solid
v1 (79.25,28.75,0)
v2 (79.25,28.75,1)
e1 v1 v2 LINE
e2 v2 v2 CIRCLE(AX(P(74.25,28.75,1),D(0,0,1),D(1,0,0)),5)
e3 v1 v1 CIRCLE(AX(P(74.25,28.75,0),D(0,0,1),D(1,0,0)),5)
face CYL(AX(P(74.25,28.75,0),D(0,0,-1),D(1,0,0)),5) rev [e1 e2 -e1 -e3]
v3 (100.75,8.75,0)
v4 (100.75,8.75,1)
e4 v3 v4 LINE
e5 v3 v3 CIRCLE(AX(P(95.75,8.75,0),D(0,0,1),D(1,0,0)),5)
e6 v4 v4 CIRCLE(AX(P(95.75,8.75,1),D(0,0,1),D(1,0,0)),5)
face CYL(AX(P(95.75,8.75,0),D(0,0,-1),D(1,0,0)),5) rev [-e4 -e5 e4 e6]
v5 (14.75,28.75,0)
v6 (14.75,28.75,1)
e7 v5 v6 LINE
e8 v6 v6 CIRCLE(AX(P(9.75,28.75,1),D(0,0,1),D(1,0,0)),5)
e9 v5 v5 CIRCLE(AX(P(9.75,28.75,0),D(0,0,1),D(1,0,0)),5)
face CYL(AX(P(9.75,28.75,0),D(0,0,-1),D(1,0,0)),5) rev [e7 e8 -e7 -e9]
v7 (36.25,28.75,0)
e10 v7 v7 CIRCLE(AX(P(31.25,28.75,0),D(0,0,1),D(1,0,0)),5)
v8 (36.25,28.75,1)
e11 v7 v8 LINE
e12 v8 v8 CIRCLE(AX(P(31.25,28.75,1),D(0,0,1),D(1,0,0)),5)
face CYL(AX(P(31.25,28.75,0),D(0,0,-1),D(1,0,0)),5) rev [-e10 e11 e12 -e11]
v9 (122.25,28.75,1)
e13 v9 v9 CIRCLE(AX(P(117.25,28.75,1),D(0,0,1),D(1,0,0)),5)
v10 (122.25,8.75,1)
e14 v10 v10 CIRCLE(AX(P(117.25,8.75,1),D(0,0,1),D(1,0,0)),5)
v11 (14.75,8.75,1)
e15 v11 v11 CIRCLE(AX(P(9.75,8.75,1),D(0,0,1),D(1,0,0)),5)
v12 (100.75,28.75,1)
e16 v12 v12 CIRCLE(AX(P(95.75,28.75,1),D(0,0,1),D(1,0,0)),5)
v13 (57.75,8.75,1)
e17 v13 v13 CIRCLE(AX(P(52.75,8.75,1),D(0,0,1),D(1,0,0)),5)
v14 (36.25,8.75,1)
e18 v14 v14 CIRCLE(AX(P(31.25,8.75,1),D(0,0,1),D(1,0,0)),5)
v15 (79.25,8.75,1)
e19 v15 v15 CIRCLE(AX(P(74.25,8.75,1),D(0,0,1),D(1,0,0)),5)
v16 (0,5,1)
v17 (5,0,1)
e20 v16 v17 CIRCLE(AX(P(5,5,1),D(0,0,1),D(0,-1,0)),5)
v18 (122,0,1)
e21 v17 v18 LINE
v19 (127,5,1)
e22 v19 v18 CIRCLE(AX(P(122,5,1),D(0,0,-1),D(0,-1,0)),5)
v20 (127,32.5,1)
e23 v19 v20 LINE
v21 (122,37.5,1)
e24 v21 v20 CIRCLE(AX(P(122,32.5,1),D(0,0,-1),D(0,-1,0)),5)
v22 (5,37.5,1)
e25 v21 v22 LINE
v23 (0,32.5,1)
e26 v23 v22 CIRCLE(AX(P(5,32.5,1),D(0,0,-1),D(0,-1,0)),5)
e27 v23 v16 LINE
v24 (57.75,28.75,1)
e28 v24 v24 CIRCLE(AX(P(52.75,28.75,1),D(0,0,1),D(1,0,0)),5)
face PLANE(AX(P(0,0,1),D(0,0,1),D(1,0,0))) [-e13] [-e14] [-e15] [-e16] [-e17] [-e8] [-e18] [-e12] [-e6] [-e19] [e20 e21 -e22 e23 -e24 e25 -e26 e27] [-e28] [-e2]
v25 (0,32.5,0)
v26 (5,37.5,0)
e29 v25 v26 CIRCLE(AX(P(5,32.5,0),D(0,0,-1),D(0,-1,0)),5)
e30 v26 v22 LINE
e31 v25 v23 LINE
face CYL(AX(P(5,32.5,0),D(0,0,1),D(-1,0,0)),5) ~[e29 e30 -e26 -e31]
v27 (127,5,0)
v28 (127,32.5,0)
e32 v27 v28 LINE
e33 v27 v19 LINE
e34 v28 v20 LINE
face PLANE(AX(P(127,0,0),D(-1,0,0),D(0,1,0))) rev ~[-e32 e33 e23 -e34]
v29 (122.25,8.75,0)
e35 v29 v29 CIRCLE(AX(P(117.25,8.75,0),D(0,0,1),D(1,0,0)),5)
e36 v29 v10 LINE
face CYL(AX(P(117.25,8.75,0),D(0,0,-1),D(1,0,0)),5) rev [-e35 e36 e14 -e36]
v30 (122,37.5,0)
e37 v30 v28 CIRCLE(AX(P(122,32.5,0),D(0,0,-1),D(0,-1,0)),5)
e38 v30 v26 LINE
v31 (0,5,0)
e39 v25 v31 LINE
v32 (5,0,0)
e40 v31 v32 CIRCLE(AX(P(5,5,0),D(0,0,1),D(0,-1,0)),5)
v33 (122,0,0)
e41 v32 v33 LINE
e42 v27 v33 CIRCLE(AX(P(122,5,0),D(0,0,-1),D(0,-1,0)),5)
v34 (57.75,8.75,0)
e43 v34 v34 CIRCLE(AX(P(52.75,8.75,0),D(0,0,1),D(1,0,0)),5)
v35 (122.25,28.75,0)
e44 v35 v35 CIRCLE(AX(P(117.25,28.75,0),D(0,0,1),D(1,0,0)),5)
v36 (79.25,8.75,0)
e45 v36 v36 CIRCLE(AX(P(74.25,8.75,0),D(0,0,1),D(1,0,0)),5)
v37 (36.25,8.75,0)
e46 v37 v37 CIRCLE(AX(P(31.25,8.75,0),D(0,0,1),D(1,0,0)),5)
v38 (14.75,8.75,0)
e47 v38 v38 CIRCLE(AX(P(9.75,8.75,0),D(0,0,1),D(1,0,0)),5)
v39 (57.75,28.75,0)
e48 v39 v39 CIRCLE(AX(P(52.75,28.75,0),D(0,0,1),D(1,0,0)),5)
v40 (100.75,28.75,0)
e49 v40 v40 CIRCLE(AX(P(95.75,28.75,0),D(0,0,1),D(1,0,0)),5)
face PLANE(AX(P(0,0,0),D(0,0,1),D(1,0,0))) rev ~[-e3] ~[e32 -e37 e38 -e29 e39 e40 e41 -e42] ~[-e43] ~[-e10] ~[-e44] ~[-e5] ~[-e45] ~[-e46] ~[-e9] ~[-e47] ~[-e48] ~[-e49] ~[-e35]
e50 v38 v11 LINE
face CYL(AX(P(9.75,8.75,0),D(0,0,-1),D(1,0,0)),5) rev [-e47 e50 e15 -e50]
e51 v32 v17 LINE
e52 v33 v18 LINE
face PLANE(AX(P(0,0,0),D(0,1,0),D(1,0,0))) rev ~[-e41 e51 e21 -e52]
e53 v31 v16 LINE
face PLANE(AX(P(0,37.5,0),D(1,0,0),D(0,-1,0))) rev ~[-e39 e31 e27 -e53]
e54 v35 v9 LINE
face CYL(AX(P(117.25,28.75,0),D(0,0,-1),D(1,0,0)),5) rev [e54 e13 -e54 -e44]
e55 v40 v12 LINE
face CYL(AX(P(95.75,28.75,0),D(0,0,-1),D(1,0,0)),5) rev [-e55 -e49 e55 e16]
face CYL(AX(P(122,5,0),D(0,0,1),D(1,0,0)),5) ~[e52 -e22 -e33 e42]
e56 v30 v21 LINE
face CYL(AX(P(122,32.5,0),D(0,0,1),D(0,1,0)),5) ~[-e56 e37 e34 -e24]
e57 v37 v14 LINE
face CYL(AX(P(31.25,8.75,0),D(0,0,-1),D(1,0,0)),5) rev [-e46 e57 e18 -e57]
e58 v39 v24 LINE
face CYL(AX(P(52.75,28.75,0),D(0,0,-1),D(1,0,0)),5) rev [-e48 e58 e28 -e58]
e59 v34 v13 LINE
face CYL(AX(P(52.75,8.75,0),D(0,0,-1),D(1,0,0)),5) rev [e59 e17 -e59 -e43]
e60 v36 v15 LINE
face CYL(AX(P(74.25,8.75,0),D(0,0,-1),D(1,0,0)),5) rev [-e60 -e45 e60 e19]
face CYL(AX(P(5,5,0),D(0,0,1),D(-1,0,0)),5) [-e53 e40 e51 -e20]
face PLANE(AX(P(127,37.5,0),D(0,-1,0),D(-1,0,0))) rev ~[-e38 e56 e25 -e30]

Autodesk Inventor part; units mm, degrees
ref_plane "YZ Plane" through (0, 0, 0) normal (1, 0, 0) x (0, 1, 0)
ref_plane "XZ Plane" through (0, 0, 0) normal (0, 1, 0) x (-1, 0, 0)
ref_plane "XY Plane" through (0, 0, 0) normal (0, 0, 1) x (1, 0, 0)
sketch "Skizze1" plane through (0, 0, 0) normal (0, 0, 1) x (1, 0, 0)
  line L0 (0, 0) -> (127, 0)
  line L1 (127, 0) -> (127, 37.5)
  line L2 (127, 37.5) -> (0, 37.5)
  line L3 (0, 37.5) -> (0, 0)
  circle A0 centre (9.75, 8.75) radius 5
  circle A1 centre (31.25, 8.75) radius 5
  circle A2 centre (52.75, 8.75) radius 5
  circle A3 centre (74.25, 8.75) radius 5
  circle A4 centre (95.75, 8.75) radius 5
  circle A5 centre (117.25, 8.75) radius 5
  circle A6 centre (9.75, 28.75) radius 5
  circle A7 centre (31.25, 28.75) radius 5
  circle A8 centre (52.75, 28.75) radius 5
  circle A9 centre (74.25, 28.75) radius 5
  circle A10 centre (95.75, 28.75) radius 5
  circle A11 centre (117.25, 28.75) radius 5
  point P0 (0, 18.75)
  point P1 (63.5, 37.5)
  point P2 (42, 18.75)
  point P3 (85, 18.75)
  point P4 (63.5, 0)
  dimension "d0" = 127
  dimension "d1" = 37.5
  dimension "d17" = 43
  dimension "d18" = 21.5
  dimension "d19" = 10
  dimension "d20" = 10
  dimension "d23" = 21.5
  dimension "d26" = 20
  dimension "d29" = 10.75
extrude "Extrusion1" add sketch "Skizze1" along normal blind 1
fillet "Rundung1" radius 5 4 edges at (127, 37.5, 0.5) (127, 0, 0.5) (0, 37.5, 0.5) (0, 0, 0.5)
sketch "Skizze2" plane through (0, 0, 1) normal (0, 0, 1) x (1, 0, 0)
  arc A0 (0, 5) -> (5, 0) centre (5, 5) ccw projected
  line L0 (5, 0) -> (122, 0) projected
  arc A1 (122, 0) -> (127, 5) centre (122, 5) ccw projected
  line L1 (127, 5) -> (127, 32.5) projected
  arc A2 (127, 32.5) -> (122, 37.5) centre (122, 32.5) ccw projected
  line L2 (122, 37.5) -> (5, 37.5) projected
  arc A3 (5, 37.5) -> (0, 32.5) centre (5, 32.5) ccw projected
  line L3 (0, 32.5) -> (0, 5) projected
  point P0 (0, 0)
equation "\"d17\" = 2 * d9"
equation "\"d18\" = 0.5 * d17"
equation "\"d29\" = 0.5 * d23"
equation "\"Biegeradius\" = Stärke"
equation "\"BreiteBiegungsfreistellung\" = Stärke"
equation "\"TiefeBiegungsfreistellung\" = 0.5 * Stärke"
equation "\"GrößeEckenfreistellung\" = 4 * Stärke"
equation "\"MinimalRest\" = 2 * Stärke"
equation "\"Übergangsradius\" = Biegeradius"
equation "\"JacobiRadiusGröße\" = Biegeradius"
equation "\"Abstandsgröße\" = Stärke"
equation "\"Stärke\" = 0.5"
equation "\"d9\" = 21.5"
properties part number "bat_contacts_v2_plate_hole" material "Kupfer"
